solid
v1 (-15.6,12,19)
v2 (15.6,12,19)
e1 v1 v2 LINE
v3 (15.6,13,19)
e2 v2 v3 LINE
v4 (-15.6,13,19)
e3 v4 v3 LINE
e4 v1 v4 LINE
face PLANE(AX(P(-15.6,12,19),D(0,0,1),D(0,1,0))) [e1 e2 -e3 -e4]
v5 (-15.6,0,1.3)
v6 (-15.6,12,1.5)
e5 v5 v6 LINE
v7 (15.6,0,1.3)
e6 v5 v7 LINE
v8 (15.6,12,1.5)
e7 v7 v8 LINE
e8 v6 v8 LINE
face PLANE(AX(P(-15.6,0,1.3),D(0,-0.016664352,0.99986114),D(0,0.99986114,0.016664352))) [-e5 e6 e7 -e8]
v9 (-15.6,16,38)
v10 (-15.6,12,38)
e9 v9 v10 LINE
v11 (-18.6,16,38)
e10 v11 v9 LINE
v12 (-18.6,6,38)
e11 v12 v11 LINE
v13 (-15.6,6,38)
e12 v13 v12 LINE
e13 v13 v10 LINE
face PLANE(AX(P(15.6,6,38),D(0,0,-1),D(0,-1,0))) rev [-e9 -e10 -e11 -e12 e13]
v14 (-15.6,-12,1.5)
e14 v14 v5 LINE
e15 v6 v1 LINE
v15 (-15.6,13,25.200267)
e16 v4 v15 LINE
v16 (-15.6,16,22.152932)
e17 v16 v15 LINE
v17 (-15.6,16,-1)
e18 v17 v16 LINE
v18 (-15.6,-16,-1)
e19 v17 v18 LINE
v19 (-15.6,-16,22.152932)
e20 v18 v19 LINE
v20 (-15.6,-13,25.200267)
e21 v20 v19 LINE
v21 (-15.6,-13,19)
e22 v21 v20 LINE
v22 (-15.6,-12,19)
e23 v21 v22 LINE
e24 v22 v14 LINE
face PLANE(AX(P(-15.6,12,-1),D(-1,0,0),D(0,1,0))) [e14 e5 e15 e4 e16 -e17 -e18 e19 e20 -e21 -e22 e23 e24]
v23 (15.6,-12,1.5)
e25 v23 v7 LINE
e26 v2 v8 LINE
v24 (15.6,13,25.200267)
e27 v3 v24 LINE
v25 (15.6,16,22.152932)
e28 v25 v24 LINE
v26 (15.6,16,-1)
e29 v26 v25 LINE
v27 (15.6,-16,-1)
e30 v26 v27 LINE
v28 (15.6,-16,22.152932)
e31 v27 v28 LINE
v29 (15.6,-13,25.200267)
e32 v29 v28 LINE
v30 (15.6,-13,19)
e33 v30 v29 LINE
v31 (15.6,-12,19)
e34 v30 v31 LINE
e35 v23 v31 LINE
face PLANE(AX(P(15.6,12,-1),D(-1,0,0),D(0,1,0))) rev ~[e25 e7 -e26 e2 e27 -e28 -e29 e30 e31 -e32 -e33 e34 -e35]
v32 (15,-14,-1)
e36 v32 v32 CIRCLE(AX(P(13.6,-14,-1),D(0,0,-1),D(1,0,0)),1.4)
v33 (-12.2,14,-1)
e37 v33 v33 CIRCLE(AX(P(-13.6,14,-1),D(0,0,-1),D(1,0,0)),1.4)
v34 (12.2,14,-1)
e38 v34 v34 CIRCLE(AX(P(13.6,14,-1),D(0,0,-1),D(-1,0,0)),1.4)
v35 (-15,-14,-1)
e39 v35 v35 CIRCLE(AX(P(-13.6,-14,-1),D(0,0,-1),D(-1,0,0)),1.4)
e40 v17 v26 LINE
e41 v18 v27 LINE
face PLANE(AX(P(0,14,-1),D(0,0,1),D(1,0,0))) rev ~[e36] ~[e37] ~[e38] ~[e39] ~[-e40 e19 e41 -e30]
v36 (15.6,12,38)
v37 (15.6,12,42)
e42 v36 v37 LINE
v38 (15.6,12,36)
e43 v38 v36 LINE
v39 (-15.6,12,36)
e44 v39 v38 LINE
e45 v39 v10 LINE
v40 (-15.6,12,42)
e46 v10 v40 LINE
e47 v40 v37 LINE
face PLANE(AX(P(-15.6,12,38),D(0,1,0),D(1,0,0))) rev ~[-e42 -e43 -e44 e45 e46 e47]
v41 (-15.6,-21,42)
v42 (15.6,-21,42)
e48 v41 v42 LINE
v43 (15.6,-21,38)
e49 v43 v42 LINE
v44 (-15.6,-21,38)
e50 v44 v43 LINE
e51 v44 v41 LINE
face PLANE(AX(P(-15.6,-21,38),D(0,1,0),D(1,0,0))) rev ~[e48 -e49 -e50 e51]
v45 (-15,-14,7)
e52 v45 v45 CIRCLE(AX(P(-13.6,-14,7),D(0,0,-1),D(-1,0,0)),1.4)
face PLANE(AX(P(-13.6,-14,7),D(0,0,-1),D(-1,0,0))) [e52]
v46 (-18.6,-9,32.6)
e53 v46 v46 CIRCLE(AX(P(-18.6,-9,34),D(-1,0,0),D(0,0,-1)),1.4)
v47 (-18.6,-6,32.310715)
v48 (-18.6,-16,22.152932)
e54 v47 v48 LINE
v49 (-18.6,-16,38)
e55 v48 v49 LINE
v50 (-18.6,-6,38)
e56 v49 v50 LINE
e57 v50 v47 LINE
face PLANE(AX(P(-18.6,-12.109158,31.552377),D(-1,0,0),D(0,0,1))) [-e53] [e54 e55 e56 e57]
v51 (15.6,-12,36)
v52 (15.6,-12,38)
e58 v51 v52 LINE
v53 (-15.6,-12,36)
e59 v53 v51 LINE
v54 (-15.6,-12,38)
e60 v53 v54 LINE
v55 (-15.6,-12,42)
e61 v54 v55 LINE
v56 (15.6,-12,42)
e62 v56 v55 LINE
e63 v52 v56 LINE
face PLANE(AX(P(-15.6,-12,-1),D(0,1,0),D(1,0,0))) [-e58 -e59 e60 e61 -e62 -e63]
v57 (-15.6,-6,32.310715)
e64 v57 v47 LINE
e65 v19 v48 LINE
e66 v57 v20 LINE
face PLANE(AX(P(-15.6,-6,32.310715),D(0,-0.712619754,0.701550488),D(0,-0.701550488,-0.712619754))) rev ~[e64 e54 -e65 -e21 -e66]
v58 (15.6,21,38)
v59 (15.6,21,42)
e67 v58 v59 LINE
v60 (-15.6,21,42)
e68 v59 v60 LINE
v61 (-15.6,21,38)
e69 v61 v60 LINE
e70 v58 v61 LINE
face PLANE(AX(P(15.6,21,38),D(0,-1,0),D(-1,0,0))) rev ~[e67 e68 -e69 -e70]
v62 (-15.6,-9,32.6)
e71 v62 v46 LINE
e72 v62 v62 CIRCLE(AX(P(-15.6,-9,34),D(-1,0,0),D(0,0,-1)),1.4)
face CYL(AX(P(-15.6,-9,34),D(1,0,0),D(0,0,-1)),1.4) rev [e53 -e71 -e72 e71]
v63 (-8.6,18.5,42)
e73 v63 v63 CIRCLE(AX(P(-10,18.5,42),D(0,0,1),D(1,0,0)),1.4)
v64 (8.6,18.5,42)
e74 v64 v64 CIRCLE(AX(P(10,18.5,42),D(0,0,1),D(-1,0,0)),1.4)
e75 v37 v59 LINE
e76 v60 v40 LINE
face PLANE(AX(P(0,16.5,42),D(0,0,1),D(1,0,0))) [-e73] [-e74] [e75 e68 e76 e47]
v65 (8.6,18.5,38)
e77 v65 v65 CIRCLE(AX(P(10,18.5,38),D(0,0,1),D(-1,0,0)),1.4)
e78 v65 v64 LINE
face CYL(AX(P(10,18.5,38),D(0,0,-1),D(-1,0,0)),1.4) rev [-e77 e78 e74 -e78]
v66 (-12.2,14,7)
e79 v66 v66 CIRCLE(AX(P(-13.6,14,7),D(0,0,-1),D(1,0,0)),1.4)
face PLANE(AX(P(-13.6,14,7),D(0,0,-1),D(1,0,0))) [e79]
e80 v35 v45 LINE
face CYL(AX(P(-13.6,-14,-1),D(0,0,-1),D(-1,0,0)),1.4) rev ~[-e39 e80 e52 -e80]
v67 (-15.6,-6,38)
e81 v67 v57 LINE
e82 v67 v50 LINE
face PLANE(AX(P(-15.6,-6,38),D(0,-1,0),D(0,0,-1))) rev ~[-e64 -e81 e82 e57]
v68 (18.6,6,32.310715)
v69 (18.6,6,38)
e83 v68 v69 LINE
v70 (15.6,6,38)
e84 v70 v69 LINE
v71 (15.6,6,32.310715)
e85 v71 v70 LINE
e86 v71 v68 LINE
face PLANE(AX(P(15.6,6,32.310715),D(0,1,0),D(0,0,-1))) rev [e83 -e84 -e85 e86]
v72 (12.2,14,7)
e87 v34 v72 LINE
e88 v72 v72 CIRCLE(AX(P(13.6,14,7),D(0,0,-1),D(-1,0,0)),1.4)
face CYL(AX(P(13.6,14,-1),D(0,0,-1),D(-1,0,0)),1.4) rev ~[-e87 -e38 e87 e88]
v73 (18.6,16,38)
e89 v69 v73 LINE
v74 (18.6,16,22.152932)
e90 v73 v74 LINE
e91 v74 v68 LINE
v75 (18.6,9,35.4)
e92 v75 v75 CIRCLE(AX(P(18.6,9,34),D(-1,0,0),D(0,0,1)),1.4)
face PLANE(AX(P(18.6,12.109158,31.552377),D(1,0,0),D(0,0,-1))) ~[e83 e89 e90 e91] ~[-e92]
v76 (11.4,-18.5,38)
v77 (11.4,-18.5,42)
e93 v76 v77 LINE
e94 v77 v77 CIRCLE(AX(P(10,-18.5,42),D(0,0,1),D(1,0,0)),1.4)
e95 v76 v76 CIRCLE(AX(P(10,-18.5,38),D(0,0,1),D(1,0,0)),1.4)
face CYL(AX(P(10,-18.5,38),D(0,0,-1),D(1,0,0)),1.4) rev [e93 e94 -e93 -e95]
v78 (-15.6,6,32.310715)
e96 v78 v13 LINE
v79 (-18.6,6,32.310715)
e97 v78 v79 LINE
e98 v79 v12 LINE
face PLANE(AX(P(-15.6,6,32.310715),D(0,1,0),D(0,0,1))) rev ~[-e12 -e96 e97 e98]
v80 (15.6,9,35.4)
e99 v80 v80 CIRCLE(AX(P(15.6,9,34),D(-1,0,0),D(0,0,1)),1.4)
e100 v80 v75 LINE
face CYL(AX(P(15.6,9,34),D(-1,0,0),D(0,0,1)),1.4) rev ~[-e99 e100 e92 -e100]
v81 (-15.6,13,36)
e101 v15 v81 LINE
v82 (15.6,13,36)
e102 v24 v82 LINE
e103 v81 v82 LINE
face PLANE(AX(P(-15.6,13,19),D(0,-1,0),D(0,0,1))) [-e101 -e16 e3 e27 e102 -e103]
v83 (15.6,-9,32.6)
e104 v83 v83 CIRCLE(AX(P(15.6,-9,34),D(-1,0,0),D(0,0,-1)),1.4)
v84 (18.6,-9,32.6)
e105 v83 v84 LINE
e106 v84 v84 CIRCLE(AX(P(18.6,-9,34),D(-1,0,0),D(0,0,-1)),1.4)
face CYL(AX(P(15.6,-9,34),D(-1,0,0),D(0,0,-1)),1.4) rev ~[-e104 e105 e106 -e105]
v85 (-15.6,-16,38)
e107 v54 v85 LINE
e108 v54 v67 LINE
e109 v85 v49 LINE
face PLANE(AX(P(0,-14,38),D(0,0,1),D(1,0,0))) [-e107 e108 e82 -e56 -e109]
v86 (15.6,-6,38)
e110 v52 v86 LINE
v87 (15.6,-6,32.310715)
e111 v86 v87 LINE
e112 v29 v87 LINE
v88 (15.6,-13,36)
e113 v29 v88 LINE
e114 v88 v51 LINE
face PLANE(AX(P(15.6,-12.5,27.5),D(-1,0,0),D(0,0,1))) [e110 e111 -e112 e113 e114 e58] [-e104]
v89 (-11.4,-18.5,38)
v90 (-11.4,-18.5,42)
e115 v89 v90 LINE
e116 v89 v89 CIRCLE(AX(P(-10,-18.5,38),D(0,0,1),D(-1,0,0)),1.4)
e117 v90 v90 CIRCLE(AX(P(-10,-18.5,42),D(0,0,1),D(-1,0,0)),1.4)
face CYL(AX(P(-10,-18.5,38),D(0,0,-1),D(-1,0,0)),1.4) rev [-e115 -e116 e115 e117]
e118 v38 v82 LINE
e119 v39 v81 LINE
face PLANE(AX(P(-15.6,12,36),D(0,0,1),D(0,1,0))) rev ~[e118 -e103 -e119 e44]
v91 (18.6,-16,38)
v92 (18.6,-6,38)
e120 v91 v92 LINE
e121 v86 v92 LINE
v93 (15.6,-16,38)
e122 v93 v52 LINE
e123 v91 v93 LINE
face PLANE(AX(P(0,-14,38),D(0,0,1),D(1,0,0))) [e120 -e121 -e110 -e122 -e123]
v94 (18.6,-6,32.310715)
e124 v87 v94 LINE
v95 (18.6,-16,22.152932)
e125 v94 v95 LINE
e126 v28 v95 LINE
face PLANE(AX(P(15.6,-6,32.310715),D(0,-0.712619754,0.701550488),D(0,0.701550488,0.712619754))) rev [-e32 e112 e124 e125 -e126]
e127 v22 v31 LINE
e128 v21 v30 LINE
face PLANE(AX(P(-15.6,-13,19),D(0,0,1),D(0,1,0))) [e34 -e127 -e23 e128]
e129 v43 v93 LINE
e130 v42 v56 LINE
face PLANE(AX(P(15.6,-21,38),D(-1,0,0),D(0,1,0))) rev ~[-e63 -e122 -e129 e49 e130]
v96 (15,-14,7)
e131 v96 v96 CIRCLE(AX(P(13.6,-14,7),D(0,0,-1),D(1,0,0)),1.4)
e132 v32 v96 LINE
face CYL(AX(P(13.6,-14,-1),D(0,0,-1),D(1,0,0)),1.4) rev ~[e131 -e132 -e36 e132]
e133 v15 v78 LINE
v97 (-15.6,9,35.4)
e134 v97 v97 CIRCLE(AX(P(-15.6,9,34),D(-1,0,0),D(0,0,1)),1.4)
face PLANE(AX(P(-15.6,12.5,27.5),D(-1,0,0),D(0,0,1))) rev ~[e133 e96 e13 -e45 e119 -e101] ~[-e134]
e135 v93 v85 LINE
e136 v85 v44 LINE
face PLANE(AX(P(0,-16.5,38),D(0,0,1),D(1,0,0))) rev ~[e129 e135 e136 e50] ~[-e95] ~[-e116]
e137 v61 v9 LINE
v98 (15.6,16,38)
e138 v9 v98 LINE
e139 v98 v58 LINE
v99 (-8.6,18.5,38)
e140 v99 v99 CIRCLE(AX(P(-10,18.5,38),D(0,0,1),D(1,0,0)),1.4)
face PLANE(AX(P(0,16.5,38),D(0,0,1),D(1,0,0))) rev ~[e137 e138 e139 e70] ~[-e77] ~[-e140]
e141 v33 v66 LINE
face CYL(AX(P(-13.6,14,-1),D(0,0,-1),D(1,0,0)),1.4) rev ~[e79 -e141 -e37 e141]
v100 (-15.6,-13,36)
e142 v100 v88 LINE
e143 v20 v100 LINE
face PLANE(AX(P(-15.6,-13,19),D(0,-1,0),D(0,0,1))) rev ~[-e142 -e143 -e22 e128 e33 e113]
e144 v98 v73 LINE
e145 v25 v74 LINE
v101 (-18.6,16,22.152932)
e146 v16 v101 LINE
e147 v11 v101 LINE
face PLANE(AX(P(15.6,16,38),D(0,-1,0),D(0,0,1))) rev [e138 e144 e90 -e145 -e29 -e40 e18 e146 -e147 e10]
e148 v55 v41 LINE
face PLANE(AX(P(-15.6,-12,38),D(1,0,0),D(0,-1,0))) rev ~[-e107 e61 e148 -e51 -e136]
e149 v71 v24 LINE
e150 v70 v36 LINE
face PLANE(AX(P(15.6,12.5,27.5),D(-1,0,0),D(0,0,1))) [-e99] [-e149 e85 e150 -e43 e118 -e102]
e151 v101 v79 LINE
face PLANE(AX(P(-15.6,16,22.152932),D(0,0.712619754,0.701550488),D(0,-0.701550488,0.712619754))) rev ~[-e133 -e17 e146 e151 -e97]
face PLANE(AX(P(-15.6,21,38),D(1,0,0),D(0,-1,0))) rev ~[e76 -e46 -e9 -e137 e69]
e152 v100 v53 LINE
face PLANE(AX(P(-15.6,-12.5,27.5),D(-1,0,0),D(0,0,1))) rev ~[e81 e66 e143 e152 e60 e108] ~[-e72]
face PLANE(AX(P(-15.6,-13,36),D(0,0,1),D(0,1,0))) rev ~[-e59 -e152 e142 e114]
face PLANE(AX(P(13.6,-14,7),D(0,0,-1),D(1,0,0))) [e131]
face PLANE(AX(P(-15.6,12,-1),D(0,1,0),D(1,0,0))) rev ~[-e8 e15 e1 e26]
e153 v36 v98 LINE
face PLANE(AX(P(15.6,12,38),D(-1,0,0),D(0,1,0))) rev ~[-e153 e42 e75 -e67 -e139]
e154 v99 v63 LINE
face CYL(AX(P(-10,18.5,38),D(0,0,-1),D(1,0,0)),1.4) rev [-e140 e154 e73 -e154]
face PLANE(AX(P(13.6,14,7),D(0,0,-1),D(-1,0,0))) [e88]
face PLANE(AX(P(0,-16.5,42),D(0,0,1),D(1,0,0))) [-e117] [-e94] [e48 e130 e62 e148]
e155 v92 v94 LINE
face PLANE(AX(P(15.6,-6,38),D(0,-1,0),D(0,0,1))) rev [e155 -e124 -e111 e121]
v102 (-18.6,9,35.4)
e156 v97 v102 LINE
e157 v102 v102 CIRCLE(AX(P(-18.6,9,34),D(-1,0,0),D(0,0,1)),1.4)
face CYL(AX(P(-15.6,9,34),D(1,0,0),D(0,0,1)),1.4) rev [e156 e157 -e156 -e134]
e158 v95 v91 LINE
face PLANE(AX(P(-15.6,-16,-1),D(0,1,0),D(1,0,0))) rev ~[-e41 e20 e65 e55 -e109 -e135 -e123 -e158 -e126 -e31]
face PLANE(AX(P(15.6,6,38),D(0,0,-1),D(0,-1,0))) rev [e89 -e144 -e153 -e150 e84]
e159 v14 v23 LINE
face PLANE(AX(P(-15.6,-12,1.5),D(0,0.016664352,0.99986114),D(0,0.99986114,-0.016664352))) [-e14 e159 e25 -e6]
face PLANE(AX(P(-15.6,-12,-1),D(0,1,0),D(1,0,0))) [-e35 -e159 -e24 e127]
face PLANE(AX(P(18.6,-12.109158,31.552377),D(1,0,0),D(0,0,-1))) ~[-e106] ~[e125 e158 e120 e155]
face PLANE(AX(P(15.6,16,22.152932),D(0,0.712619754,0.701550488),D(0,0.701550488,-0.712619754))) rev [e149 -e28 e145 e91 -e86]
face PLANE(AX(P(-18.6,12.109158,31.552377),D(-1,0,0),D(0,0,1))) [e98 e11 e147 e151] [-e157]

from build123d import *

# Parameters (mm, degrees)
EXTRUDE_1_DEPTH      = 2
EXTRUDE_1_DEPTH_BACK = 1
SKETCH_1_W           = 31.2
SKETCH_1_H           = 24
EXTRUDE_2_DEPTH      = 36
EXTRUDE_2_DEPTH_BACK = 3
SKETCH_2_W           = 31.2
SKETCH_2_H           = 4
SKETCH_3_R           = 1.4
EXTRUDE_3_DEPTH      = 3
SKETCH_4_R           = 1.4
CUT_EXTRUDE_1_DEPTH  = 8
SKETCH_5_W           = 17
SKETCH_5_H           = 1
CUT_EXTRUDE_2_DEPTH  = 31.2
CUT_EXTRUDE_3_DEPTH  = 31.2
SKETCH_7_R           = 1.4
EXTRUDE_4_DEPTH      = 4


with BuildPart() as part:
    # 草图1 → 凸台-拉伸1 (new, two sides: drawn at the far end of the back side and taken through both)
    with BuildSketch(Plane.XY.offset(-EXTRUDE_1_DEPTH_BACK)):
        Rectangle(SKETCH_1_W, SKETCH_1_H)
    extrude(amount=EXTRUDE_1_DEPTH + EXTRUDE_1_DEPTH_BACK)

    # 草图2 → 凸台-拉伸2 (add, two sides: drawn at the far end of the back side and taken through both)
    with BuildSketch(Plane.XY.offset(2).offset(-EXTRUDE_2_DEPTH_BACK)):
        with Locations((0, 14)):
            Rectangle(SKETCH_2_W, SKETCH_2_H)
        with Locations((0, -14)):
            Rectangle(SKETCH_2_W, SKETCH_2_H)
    extrude(amount=EXTRUDE_2_DEPTH + EXTRUDE_2_DEPTH_BACK)

    # 草图3 → 凸台-拉伸3 (add)
    # profile 1 of 2: a face of its own
    with BuildSketch(Plane.ZY.offset(15.6)):
        Polygon((38, 16), (31, 16), (22.152932489, 16), (32.310715372, 6), (38, 6), align=None)
        with Locations((34, 9)):
            Circle(SKETCH_3_R, mode=Mode.SUBTRACT)
    # profile 2 of 2: a face of its own
    with BuildSketch(Plane.ZY.offset(15.6)):
        Polygon((38, -16), (38, -6), (32.310715372, -6), (22.152932489, -16), (31, -16), align=None)
        with Locations(Location((34, -9, 0), (0, 0, 180))):
            Circle(SKETCH_3_R, mode=Mode.SUBTRACT)
    extrude_3 = extrude(amount=EXTRUDE_3_DEPTH)

    # 草图4 → 切除-拉伸1 (cut)
    with BuildSketch(Plane(origin=(0, 0, -1), x_dir=(-1, 0, 0), z_dir=(0, 0, -1))):
        with Locations((13.6, -14)):
            Circle(SKETCH_4_R)
        with Locations(Location((13.6, 14, 0), (0, 0, 180))):
            Circle(SKETCH_4_R)
        with Locations(Location((-13.6, -14, 0), (0, 0, 180))):
            Circle(SKETCH_4_R)
        with Locations((-13.6, 14)):
            Circle(SKETCH_4_R)
    extrude(amount=-CUT_EXTRUDE_1_DEPTH, mode=Mode.SUBTRACT)

    # 镜向1: 凸台-拉伸3 across plane
    add(extrude_3.mirror(Plane(origin=(0, 0, 0), x_dir=(0, 0, 1), z_dir=(1, 0, 0))))

    # 草图5 → 切除-拉伸2 (cut)
    with BuildSketch(Plane.ZY.offset(15.6)):
        with Locations((27.5, 12.5)):
            Rectangle(SKETCH_5_W, SKETCH_5_H)
        with Locations((27.5, -12.5)):
            Rectangle(SKETCH_5_W, SKETCH_5_H)
    extrude(amount=-CUT_EXTRUDE_2_DEPTH, mode=Mode.SUBTRACT)

    # 草图6 → 切除-拉伸3 (cut)
    with BuildSketch(Plane.ZY.offset(15.6)):
        Polygon((1.3, 0), (1.5, 12), (2, 12), (2, -12), (1.5, -12), align=None)
    extrude(amount=-CUT_EXTRUDE_3_DEPTH, mode=Mode.SUBTRACT)

    # 草图7 → 凸台-拉伸4 (add)
    # profile 1 of 2: a face of its own
    with BuildSketch(Plane.XY.offset(38)):
        Polygon((-15.6, 12), (15.6, 12), (15.6, 16), (15.6, 21), (-15.6, 21), (-15.6, 16), align=None)
        with Locations((-10, 18.5)):
            Circle(SKETCH_7_R, mode=Mode.SUBTRACT)
        with Locations(Location((10, 18.5, 0), (0, 0, 180))):
            Circle(SKETCH_7_R, mode=Mode.SUBTRACT)
    # profile 2 of 2: a face of its own
    with BuildSketch(Plane.XY.offset(38)):
        Polygon((-15.6, -16), (-15.6, -21), (15.6, -21), (15.6, -16), (15.6, -12), (-15.6, -12), align=None)
        with Locations((10, -18.5)):
            Circle(SKETCH_7_R, mode=Mode.SUBTRACT)
        with Locations(Location((-10, -18.5, 0), (0, 0, 180))):
            Circle(SKETCH_7_R, mode=Mode.SUBTRACT)
    extrude(amount=EXTRUDE_4_DEPTH)


solid = part.part
